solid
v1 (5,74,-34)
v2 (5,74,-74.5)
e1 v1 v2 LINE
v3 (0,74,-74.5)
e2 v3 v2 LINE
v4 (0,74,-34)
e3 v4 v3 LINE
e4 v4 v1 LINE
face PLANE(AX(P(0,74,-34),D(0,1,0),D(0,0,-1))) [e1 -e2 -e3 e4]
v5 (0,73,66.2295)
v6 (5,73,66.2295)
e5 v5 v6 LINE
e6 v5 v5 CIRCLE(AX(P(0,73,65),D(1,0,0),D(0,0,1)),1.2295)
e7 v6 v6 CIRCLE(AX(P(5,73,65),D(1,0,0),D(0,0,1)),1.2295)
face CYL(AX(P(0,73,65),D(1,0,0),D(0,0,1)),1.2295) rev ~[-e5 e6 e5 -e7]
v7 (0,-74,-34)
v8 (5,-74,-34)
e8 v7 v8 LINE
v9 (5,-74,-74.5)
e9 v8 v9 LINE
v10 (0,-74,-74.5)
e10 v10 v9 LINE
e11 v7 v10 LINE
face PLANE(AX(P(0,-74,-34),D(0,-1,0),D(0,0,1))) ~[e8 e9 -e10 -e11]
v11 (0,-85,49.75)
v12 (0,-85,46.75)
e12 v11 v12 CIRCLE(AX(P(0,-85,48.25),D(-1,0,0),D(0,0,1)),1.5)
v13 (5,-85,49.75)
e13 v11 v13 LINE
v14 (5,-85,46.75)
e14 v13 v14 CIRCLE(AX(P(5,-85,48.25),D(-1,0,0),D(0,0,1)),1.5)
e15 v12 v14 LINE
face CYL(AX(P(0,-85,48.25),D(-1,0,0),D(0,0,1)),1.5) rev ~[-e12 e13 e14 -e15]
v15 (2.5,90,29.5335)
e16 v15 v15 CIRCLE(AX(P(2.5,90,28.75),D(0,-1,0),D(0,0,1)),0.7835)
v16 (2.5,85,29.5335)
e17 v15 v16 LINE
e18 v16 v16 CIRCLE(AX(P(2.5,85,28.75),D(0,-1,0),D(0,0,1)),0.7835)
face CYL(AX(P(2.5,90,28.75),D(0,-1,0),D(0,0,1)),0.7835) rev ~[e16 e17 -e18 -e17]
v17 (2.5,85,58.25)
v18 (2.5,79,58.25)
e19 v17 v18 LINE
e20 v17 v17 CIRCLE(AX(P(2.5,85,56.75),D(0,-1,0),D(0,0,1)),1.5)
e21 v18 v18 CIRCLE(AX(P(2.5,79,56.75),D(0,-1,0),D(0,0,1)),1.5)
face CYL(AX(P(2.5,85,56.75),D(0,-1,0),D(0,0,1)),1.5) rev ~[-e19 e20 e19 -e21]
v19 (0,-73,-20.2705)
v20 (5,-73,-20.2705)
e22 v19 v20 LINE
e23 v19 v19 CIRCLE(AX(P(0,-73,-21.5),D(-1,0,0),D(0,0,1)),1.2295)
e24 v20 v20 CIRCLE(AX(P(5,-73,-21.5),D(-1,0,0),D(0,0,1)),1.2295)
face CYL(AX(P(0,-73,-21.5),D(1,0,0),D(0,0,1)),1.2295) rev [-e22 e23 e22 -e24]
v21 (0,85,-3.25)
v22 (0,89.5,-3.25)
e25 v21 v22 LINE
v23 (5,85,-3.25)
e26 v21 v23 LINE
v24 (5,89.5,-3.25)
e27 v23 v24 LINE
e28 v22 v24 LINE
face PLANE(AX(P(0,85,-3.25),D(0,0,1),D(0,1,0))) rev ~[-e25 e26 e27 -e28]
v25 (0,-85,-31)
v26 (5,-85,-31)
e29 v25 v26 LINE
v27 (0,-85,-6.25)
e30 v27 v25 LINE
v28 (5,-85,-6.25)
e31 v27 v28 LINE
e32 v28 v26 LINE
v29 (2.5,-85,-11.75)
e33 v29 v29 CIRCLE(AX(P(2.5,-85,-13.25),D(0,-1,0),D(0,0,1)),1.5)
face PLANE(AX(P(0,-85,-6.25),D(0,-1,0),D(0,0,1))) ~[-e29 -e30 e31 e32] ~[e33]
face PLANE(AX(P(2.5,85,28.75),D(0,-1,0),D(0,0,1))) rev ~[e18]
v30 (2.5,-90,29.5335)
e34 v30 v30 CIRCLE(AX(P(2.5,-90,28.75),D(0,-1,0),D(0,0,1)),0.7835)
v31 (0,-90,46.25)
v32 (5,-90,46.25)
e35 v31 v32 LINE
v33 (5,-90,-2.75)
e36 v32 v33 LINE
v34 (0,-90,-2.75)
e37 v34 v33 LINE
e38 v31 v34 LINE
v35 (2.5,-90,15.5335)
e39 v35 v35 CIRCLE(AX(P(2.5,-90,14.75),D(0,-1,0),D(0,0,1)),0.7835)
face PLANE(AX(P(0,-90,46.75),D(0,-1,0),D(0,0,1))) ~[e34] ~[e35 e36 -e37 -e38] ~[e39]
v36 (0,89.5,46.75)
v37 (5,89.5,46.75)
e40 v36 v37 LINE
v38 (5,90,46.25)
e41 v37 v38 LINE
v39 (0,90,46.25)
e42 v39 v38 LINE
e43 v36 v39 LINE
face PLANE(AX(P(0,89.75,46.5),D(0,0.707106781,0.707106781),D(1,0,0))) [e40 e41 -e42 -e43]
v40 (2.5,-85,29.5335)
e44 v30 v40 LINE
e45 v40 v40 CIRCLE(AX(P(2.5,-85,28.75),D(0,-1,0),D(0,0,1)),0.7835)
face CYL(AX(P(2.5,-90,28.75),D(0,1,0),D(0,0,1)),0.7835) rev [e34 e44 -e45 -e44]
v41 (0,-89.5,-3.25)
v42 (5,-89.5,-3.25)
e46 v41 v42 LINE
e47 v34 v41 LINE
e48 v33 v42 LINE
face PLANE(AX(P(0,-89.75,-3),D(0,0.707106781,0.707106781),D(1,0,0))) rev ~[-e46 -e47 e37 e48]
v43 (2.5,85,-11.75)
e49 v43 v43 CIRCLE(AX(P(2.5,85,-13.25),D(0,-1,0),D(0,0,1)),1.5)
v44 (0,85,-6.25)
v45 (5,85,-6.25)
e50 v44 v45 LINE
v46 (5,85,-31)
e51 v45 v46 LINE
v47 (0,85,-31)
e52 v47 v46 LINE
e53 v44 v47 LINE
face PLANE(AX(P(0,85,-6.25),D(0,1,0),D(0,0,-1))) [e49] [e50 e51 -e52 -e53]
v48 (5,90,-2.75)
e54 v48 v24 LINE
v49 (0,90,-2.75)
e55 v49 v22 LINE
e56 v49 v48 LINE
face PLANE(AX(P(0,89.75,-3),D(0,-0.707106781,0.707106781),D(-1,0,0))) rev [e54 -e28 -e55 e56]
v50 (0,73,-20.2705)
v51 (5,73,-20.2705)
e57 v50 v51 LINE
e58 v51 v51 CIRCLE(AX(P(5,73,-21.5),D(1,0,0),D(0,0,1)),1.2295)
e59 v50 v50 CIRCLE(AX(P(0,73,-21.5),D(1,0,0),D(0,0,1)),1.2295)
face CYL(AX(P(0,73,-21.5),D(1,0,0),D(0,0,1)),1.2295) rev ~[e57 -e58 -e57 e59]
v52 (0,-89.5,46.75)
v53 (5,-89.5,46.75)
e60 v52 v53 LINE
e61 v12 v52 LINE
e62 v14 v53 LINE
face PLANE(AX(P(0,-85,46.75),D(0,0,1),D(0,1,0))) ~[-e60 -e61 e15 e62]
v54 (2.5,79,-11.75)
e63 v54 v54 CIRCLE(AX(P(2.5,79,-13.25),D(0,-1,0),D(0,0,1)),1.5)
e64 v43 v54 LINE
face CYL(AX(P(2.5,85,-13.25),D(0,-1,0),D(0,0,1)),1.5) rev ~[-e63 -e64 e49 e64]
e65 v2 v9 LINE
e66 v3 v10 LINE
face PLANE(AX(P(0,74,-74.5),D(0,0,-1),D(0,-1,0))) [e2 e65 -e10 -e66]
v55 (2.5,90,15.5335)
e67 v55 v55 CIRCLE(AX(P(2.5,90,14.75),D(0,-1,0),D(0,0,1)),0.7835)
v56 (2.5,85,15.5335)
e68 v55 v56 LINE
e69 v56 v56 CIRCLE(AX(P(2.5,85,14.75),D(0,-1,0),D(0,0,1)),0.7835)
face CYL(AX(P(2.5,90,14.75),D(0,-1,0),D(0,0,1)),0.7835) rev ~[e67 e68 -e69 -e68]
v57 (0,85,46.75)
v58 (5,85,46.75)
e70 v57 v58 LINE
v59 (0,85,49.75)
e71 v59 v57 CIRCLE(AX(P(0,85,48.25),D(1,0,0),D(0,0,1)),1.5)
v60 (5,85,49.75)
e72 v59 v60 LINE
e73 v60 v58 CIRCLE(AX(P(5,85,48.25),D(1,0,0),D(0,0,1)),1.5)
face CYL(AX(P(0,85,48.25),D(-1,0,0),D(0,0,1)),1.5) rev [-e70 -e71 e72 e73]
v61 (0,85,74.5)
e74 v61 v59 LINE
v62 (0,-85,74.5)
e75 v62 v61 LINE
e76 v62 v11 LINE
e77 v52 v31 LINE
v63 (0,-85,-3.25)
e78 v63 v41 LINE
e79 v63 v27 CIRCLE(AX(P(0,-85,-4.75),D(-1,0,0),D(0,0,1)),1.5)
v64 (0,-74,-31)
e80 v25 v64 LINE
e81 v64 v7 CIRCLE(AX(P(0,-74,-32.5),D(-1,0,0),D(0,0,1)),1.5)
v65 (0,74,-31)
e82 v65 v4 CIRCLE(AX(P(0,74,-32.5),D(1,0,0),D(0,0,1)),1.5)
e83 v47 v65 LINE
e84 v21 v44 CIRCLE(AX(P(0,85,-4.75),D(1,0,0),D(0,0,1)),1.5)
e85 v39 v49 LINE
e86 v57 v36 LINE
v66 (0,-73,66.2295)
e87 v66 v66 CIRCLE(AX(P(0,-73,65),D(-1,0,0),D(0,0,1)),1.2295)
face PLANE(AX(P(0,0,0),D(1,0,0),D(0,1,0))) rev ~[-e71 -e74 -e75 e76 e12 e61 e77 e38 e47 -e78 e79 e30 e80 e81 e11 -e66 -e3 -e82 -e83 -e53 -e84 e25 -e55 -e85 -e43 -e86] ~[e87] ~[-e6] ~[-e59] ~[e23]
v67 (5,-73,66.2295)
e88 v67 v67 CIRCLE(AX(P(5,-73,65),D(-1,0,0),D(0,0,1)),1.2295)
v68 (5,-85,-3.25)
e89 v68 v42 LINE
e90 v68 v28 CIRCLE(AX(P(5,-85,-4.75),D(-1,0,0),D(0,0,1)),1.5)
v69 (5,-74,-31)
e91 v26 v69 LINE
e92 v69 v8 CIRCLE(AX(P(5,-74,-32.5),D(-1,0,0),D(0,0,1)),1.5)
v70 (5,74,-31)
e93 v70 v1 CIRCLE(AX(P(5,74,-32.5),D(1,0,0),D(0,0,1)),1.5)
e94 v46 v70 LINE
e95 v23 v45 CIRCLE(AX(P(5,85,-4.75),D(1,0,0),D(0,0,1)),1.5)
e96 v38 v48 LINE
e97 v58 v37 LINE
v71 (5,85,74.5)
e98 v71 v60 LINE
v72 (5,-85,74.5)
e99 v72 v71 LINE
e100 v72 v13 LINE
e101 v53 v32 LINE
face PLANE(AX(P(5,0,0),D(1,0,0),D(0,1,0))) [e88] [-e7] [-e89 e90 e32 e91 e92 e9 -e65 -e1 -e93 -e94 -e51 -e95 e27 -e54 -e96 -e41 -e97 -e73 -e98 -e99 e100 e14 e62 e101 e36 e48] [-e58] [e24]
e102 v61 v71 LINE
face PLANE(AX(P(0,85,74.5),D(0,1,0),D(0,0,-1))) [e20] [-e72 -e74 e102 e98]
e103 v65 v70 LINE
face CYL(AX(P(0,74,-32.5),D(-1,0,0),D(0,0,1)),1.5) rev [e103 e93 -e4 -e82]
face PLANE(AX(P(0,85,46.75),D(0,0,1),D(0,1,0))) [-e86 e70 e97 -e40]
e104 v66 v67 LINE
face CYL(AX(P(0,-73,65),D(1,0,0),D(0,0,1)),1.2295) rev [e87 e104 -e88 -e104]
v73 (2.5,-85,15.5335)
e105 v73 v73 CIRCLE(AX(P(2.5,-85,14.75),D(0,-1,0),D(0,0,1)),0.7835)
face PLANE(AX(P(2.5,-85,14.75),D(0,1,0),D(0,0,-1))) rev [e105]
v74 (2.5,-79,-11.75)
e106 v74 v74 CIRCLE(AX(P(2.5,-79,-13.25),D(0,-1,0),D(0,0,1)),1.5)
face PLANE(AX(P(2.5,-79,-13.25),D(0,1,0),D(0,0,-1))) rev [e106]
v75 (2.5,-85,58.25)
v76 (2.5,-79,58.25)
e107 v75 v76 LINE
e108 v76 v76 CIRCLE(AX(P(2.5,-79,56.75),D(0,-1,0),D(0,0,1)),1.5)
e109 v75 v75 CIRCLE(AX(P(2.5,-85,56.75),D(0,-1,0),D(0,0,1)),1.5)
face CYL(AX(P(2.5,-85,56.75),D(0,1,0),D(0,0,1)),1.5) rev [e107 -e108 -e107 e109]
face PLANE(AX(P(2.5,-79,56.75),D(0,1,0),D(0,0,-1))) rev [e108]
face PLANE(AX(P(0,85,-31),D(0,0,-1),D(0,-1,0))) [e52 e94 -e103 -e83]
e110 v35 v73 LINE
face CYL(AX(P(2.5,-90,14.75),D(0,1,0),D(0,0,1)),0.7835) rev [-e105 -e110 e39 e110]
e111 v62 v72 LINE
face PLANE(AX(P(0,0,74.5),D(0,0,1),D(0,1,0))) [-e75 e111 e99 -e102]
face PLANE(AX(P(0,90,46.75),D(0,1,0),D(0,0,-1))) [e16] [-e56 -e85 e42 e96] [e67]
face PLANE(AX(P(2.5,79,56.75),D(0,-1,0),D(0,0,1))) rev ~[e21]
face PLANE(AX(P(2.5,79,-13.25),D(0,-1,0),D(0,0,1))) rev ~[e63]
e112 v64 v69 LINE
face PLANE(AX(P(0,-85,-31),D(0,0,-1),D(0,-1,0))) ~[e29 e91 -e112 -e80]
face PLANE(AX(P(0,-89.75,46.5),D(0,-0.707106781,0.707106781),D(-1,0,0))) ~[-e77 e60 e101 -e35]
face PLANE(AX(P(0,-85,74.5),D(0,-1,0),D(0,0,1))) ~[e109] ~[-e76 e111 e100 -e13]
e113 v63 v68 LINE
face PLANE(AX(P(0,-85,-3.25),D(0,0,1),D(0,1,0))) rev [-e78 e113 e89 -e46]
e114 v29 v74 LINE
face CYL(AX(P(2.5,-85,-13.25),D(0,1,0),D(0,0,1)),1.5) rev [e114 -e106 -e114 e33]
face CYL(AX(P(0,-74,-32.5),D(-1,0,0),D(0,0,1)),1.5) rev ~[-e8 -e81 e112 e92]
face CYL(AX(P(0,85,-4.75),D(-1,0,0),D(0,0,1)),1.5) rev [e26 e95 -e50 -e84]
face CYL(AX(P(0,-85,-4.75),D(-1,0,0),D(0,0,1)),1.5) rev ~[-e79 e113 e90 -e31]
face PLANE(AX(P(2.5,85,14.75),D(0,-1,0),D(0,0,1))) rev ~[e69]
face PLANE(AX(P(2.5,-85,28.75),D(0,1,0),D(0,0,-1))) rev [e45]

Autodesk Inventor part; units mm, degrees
ref_plane "YZ Plane" through (0, 0, 0) normal (1, 0, 0) x (0, 1, 0)
ref_plane "XZ Plane" through (0, 0, 0) normal (0, 1, 0) x (-1, 0, 0)
ref_plane "XY Plane" through (0, 0, 0) normal (0, 0, 1) x (1, 0, 0)
sketch "Sketch1" plane through (0, 0, 0) normal (1, 0, 0) x (0, 1, 0)
  line L0 (-90, 74.5) -> (90, 74.5)
  line L1 (90, 74.5) -> (90, -74.5)
  line L2 (90, -74.5) -> (-90, -74.5)
  line L3 (-90, -74.5) -> (-90, 74.5) construction
  line L4 (-90, 74.5) -> (90, -74.5) construction
  line L5 (90, 74.5) -> (-90, -74.5) construction
  line L6 (85, 74.5) -> (85, 46.75)
  line L7 (85, 46.75) -> (90, 46.75)
  line L8 (0, 74.5) -> (0, -74.5)
  line L9 (90, 0) -> (-90, 0) construction
  arc A0 (85, 49.75) -> (85, 46.75) centre (85, 48.25) ccw
  line L10 (-90, 74.5) -> (-90, -74.5)
  circle A1 centre (73, 65) radius 3 construction
  arc A2 (73, 67.1) -> (73, 62.9) centre (73, 65) ccw construction
  line L11 (73, 67.1) -> (76.5201, 67.1) construction
  arc A3 (76.5201, 62.9) -> (76.5201, 67.1) centre (80.5, 65) ccw construction
  line L12 (73, 65) -> (80.5, 65) construction
  line L13 (73, 62.9) -> (76.5201, 62.9) construction
  line L14 (90, 28.75) -> (85, 28.75) construction
  line L15 (90, 14.75) -> (85, 14.75) construction
  line L16 (90, 21.75) -> (85, 21.75) construction
  line L17 (85, -3.25) -> (90, -3.25)
  arc A4 (85, -3.25) -> (85, -6.25) centre (85, -4.75) ccw
  line L18 (85, -6.25) -> (85, -74.5)
  line L19 (90, -31) -> (-90, -31)
  line L20 (74, -31) -> (74, -74.5)
  line L21 (-90, 21.75) -> (90, 21.75) construction
  circle A5 centre (73, -21.5) radius 3 construction
  arc A6 (73, -19.4) -> (73, -23.6) centre (73, -21.5) ccw construction
  line L22 (73, -23.6) -> (76.5201, -23.6) construction
  arc A7 (76.5201, -23.6) -> (76.5201, -19.4) centre (80.5, -21.5) ccw construction
  line L23 (73, -21.5) -> (80.5, -21.5) construction
  line L24 (73, -19.4) -> (76.5201, -19.4) construction
  arc A8 (74, -31) -> (74, -34) centre (74, -32.5) ccw
  point P0 (0, 0)
  point P1 (90, -3.25)
  point P2 (85, -31)
  point P3 (85, 65)
  point P4 (85, -21.5)
  point P5 (0, -31)
  dimension "d0" = 180
  dimension "d1" = 149
  dimension "d2" = 1.5
  dimension "d3" = 5
  dimension "d15" = 6
  dimension "d16" = 4.2
  dimension "d17" = 9
  dimension "d18" = 5
  dimension "d27" = 5
  dimension "d28" = 14
  dimension "d38" = 50
  dimension "d40" = 52.75
  dimension "d44" = 11
  dimension "d45" = 43.5
  dimension "d46" = 5
  dimension "d47" = 105.5
extrude "Extrusion1" add sketch "Sketch1" along normal blind 5 contours L0 L6 A0 L7 L1 L17 A4 L18 L19 L8 | L19 A8 L20 L2 L8
sketch "Sketch2" plane through (0, 90, 46.75) normal (0, 1, 0) x (1, 0, 0)
  line L0 (5, 32) -> (0, 32) construction
  line L1 (5, 18) -> (0, 18) construction
  line L2 (5, 50) -> (5, 0) projected
  line L3 (0, 50) -> (0, 0) projected
  point P0 (0, 46.75)
  point P1 (2.5, 32)
  point P2 (2.5, 18)
  point P3 (0, 18)
  point P4 (0, 32)
  point P5 (5, 121.25)
  point P6 (5, -27.75)
  point P7 (0, 121.25)
  point P8 (0, -27.75)
  point P9 (5, 77.75)
  point P10 (0, 77.75)
hole "Side-M2" at (2.5, 90, 14.75) at (2.5, 90, 28.75) direction (0, -1, 0) diameter 1.567 depth 5 thread size "M2x0.4" class "6H" standard "ANSI Metric M Profile"
hole "M3" at (0, 73, 65) at (0, 73, -21.5) direction (1, 0, 0) diameter 2.459 end through all thread size "M3x0.5" class "6H" standard "ANSI Metric M Profile"
sketch "Sketch3" plane through (0, 85, 74.5) normal (0, 1, 0) x (1, 0, 0)
  line L0 (5, 24.75) -> (5, 0) projected
  line L1 (5, 17.75) -> (0, 17.75)
  line L2 (5, 105.5) -> (5, 80.75) projected
  line L3 (5, 87.75) -> (0, 87.75)
  line L4 (0, 24.75) -> (0, 0) projected
  line L5 (0, 105.5) -> (0, 80.75) projected
  line L6 (0, 52.75) -> (5, 52.75) construction
  point P0 (0, 74.5)
  point P1 (2.5, 17.75)
  point P2 (2.5, 87.75)
  point P3 (0, 52.75)
  dimension "d48" = 70
hole "Phi3.0" at (2.5, 85, 56.75) at (2.5, 85, -13.25) direction (0, -1, 0) diameter 3 depth 6
chamfer "C0.5" distance 0.5 angle 45 2 edges at (2.5, 90, 46.75) (2.5, 90, -3.25)
mirror "Mirror1" about plane through (0, 0, 0) normal (0, 1, 0)
equation "\"d40\" = 0.5 * d47"
equation "\"d13\" = d27"
properties part number "TorsoCoverFrameBasis" material "Acetal Resin, Black"
